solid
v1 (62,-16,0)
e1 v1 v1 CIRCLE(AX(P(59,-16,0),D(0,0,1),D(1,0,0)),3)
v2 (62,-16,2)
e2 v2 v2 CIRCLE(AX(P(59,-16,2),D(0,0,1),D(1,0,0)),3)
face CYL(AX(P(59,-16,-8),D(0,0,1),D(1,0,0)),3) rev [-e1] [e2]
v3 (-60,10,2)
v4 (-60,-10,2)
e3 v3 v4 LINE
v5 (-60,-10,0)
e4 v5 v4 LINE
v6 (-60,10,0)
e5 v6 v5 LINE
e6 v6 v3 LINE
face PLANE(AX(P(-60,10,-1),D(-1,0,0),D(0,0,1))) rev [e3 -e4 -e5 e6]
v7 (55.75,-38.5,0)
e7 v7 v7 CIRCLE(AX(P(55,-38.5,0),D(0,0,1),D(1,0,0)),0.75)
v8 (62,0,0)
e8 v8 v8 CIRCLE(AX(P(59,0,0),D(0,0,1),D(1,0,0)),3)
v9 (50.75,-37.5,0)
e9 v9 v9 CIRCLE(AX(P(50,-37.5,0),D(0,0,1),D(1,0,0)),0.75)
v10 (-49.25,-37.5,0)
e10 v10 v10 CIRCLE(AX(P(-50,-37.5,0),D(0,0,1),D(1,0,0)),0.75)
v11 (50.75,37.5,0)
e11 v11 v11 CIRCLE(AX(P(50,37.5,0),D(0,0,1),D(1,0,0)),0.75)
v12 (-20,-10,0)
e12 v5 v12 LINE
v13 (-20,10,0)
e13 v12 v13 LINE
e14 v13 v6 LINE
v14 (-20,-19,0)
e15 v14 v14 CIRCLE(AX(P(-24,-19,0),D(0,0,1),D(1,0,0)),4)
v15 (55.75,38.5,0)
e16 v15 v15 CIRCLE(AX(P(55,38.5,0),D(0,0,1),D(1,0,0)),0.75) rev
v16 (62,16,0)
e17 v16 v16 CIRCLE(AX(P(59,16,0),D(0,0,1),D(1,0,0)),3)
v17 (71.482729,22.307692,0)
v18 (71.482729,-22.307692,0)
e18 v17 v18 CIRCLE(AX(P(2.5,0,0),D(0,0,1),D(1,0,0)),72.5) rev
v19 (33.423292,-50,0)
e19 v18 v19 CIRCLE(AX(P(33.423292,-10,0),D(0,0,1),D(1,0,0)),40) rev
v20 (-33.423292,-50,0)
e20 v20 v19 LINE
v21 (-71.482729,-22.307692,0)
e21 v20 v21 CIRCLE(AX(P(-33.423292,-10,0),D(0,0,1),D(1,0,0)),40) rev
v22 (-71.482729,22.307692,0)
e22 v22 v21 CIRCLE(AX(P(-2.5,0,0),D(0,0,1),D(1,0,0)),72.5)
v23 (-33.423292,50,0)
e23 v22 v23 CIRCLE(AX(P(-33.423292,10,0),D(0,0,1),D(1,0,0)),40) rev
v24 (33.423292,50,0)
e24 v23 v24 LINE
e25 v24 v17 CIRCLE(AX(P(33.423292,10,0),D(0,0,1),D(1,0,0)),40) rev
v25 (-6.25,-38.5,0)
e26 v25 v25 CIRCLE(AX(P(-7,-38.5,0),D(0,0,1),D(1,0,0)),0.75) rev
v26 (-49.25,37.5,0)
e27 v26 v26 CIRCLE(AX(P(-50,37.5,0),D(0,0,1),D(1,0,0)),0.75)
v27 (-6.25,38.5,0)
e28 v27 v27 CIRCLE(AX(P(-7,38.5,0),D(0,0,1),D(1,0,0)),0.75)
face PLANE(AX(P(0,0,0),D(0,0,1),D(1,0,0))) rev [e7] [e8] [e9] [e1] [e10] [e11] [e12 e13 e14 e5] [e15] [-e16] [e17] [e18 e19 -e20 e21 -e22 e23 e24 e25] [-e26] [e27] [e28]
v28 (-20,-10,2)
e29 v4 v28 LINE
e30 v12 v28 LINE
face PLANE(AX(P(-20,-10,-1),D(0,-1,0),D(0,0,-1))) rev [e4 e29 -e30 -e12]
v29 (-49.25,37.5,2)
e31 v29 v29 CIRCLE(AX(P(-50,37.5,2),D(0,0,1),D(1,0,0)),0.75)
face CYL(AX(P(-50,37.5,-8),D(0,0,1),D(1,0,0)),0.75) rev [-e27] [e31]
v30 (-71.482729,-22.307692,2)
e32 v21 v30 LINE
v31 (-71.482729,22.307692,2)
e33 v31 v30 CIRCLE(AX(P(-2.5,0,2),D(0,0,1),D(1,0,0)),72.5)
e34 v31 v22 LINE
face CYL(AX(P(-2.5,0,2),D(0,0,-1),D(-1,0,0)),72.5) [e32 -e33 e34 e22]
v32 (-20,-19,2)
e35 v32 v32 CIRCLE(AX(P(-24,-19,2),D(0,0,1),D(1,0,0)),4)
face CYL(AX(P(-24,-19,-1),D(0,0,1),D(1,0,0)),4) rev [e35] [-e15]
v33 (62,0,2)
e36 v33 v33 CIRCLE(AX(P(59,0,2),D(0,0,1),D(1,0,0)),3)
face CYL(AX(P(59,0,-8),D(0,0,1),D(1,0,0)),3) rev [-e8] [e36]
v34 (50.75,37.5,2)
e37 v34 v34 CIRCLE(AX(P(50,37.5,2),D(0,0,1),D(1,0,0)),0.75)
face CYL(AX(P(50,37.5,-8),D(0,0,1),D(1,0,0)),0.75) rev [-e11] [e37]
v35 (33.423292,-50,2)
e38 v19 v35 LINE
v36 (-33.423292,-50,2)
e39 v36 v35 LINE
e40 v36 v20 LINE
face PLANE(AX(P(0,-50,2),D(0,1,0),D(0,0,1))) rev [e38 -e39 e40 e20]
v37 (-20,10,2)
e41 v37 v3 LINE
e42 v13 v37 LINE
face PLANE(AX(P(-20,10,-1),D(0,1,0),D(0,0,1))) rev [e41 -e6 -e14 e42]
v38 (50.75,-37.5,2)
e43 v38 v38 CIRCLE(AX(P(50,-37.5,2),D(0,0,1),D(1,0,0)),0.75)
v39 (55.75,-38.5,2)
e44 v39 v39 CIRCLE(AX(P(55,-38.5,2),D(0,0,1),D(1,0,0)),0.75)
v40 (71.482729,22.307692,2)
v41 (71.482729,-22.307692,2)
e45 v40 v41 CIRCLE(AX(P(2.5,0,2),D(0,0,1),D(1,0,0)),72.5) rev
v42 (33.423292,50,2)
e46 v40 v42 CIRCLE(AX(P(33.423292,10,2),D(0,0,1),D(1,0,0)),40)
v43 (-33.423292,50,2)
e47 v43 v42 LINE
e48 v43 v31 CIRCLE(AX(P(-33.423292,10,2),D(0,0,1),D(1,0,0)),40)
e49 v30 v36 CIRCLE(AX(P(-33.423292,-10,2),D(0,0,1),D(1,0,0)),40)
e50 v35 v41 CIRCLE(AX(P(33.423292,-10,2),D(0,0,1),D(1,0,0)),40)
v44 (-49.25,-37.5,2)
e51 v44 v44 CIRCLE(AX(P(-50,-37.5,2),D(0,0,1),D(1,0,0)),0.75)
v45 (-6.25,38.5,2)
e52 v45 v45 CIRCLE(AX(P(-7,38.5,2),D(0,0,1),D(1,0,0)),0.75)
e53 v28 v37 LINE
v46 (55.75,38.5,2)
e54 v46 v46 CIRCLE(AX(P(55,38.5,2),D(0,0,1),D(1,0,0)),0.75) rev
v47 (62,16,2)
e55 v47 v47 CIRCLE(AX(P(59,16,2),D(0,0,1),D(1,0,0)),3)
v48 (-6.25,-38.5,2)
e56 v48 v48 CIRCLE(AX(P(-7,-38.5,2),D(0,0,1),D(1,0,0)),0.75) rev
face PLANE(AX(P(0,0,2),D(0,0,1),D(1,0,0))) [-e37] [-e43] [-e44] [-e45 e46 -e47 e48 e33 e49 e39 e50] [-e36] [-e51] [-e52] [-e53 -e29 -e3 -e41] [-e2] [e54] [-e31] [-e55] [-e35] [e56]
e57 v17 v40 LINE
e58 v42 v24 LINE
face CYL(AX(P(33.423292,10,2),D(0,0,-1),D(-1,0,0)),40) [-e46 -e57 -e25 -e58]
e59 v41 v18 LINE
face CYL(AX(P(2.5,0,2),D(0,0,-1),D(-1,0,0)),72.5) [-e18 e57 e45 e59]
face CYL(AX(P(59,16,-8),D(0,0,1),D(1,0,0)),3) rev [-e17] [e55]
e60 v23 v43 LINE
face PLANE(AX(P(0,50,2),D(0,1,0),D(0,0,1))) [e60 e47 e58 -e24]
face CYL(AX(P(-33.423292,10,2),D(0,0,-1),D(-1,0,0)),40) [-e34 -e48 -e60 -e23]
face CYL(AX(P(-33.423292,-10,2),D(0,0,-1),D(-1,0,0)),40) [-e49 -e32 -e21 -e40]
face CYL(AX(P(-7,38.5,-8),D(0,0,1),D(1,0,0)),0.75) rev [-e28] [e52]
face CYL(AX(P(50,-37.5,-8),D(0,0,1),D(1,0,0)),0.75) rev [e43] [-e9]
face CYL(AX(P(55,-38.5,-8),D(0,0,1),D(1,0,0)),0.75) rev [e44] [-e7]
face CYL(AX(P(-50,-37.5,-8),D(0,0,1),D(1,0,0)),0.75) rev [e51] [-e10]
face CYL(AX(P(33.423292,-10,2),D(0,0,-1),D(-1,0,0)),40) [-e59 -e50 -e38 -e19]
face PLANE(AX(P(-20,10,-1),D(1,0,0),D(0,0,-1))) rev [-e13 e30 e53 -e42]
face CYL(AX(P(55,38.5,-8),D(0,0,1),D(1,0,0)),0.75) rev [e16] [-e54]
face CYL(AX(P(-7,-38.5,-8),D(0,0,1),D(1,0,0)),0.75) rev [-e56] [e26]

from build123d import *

# Parameters (mm, degrees)
SKETCH1_W           = 110
SKETCH1_H           = 100
BOSS_EXTRUDE1_DEPTH = 2
FILLET2_R           = 40
SKETCH6_R           = 4
SKETCH6_W           = 40
SKETCH6_H           = 20
CUT_EXTRUDE4_DEPTH  = 3
SKETCH7_R           = 0.75
SKETCH7_R_2         = 3
CUT_EXTRUDE7_DEPTH  = 10
SKETCH8_R           = 0.75
CUT_EXTRUDE8_DEPTH  = 10


with BuildPart() as part:
    # Sketch1 → Boss-Extrude1 (new body)
    with BuildSketch(Plane.XY):
        with BuildLine():
            Line((-55, 50), (-55, -50))
            ThreePointArc((-55, -50), (-75, 0), (-55, 50))
        make_face()
        Rectangle(SKETCH1_W, SKETCH1_H)
        with BuildLine():
            ThreePointArc((55, 50), (75, 0), (55, -50))
            Line((55, -50), (55, 50))
        make_face()
    extrude(amount=BOSS_EXTRUDE1_DEPTH)

    # Fillet2
    fillet2_edges = [part.edges().sort_by_distance(p)[0] for p in [
        (-55, 50, 1),
        (55, 50, 1),
        (55, -50, 1),
        (-55, -50, 1),
    ]]
    fillet(fillet2_edges, radius=FILLET2_R)

    # Sketch6 → Cut-Extrude4 (cut)
    with BuildSketch(Plane.XY.offset(2)):
        with Locations((-24, -19)):
            Circle(SKETCH6_R)
        with Locations((-40, 0)):
            Rectangle(SKETCH6_W, SKETCH6_H)
    extrude(amount=-CUT_EXTRUDE4_DEPTH, mode=Mode.SUBTRACT)

    # Sketch7 → Cut-Extrude7 (cut)
    with BuildSketch(Plane.XY.offset(2)):
        with Locations((-7, 38.5)):
            Circle(SKETCH7_R)
        with Locations((55, 38.5)):
            Circle(SKETCH7_R)
        with Locations((55, -38.5)):
            Circle(SKETCH7_R)
        with Locations((-7, -38.5)):
            Circle(SKETCH7_R)
        with Locations((59, 16)):
            Circle(SKETCH7_R_2)
        with Locations((59, -16)):
            Circle(SKETCH7_R_2)
        with Locations((59, 0)):
            Circle(SKETCH7_R_2)
    extrude(amount=-CUT_EXTRUDE7_DEPTH, mode=Mode.SUBTRACT)

    # Sketch8 → Cut-Extrude8 (cut)
    with BuildSketch(Plane.XY.offset(2)):
        with Locations((-50, 37.5)):
            Circle(SKETCH8_R)
        with Locations((50, 37.5)):
            Circle(SKETCH8_R)
        with Locations((50, -37.5)):
            Circle(SKETCH8_R)
        with Locations((-50, -37.5)):
            Circle(SKETCH8_R)
    extrude(amount=-CUT_EXTRUDE8_DEPTH, mode=Mode.SUBTRACT)


solid = part.part
